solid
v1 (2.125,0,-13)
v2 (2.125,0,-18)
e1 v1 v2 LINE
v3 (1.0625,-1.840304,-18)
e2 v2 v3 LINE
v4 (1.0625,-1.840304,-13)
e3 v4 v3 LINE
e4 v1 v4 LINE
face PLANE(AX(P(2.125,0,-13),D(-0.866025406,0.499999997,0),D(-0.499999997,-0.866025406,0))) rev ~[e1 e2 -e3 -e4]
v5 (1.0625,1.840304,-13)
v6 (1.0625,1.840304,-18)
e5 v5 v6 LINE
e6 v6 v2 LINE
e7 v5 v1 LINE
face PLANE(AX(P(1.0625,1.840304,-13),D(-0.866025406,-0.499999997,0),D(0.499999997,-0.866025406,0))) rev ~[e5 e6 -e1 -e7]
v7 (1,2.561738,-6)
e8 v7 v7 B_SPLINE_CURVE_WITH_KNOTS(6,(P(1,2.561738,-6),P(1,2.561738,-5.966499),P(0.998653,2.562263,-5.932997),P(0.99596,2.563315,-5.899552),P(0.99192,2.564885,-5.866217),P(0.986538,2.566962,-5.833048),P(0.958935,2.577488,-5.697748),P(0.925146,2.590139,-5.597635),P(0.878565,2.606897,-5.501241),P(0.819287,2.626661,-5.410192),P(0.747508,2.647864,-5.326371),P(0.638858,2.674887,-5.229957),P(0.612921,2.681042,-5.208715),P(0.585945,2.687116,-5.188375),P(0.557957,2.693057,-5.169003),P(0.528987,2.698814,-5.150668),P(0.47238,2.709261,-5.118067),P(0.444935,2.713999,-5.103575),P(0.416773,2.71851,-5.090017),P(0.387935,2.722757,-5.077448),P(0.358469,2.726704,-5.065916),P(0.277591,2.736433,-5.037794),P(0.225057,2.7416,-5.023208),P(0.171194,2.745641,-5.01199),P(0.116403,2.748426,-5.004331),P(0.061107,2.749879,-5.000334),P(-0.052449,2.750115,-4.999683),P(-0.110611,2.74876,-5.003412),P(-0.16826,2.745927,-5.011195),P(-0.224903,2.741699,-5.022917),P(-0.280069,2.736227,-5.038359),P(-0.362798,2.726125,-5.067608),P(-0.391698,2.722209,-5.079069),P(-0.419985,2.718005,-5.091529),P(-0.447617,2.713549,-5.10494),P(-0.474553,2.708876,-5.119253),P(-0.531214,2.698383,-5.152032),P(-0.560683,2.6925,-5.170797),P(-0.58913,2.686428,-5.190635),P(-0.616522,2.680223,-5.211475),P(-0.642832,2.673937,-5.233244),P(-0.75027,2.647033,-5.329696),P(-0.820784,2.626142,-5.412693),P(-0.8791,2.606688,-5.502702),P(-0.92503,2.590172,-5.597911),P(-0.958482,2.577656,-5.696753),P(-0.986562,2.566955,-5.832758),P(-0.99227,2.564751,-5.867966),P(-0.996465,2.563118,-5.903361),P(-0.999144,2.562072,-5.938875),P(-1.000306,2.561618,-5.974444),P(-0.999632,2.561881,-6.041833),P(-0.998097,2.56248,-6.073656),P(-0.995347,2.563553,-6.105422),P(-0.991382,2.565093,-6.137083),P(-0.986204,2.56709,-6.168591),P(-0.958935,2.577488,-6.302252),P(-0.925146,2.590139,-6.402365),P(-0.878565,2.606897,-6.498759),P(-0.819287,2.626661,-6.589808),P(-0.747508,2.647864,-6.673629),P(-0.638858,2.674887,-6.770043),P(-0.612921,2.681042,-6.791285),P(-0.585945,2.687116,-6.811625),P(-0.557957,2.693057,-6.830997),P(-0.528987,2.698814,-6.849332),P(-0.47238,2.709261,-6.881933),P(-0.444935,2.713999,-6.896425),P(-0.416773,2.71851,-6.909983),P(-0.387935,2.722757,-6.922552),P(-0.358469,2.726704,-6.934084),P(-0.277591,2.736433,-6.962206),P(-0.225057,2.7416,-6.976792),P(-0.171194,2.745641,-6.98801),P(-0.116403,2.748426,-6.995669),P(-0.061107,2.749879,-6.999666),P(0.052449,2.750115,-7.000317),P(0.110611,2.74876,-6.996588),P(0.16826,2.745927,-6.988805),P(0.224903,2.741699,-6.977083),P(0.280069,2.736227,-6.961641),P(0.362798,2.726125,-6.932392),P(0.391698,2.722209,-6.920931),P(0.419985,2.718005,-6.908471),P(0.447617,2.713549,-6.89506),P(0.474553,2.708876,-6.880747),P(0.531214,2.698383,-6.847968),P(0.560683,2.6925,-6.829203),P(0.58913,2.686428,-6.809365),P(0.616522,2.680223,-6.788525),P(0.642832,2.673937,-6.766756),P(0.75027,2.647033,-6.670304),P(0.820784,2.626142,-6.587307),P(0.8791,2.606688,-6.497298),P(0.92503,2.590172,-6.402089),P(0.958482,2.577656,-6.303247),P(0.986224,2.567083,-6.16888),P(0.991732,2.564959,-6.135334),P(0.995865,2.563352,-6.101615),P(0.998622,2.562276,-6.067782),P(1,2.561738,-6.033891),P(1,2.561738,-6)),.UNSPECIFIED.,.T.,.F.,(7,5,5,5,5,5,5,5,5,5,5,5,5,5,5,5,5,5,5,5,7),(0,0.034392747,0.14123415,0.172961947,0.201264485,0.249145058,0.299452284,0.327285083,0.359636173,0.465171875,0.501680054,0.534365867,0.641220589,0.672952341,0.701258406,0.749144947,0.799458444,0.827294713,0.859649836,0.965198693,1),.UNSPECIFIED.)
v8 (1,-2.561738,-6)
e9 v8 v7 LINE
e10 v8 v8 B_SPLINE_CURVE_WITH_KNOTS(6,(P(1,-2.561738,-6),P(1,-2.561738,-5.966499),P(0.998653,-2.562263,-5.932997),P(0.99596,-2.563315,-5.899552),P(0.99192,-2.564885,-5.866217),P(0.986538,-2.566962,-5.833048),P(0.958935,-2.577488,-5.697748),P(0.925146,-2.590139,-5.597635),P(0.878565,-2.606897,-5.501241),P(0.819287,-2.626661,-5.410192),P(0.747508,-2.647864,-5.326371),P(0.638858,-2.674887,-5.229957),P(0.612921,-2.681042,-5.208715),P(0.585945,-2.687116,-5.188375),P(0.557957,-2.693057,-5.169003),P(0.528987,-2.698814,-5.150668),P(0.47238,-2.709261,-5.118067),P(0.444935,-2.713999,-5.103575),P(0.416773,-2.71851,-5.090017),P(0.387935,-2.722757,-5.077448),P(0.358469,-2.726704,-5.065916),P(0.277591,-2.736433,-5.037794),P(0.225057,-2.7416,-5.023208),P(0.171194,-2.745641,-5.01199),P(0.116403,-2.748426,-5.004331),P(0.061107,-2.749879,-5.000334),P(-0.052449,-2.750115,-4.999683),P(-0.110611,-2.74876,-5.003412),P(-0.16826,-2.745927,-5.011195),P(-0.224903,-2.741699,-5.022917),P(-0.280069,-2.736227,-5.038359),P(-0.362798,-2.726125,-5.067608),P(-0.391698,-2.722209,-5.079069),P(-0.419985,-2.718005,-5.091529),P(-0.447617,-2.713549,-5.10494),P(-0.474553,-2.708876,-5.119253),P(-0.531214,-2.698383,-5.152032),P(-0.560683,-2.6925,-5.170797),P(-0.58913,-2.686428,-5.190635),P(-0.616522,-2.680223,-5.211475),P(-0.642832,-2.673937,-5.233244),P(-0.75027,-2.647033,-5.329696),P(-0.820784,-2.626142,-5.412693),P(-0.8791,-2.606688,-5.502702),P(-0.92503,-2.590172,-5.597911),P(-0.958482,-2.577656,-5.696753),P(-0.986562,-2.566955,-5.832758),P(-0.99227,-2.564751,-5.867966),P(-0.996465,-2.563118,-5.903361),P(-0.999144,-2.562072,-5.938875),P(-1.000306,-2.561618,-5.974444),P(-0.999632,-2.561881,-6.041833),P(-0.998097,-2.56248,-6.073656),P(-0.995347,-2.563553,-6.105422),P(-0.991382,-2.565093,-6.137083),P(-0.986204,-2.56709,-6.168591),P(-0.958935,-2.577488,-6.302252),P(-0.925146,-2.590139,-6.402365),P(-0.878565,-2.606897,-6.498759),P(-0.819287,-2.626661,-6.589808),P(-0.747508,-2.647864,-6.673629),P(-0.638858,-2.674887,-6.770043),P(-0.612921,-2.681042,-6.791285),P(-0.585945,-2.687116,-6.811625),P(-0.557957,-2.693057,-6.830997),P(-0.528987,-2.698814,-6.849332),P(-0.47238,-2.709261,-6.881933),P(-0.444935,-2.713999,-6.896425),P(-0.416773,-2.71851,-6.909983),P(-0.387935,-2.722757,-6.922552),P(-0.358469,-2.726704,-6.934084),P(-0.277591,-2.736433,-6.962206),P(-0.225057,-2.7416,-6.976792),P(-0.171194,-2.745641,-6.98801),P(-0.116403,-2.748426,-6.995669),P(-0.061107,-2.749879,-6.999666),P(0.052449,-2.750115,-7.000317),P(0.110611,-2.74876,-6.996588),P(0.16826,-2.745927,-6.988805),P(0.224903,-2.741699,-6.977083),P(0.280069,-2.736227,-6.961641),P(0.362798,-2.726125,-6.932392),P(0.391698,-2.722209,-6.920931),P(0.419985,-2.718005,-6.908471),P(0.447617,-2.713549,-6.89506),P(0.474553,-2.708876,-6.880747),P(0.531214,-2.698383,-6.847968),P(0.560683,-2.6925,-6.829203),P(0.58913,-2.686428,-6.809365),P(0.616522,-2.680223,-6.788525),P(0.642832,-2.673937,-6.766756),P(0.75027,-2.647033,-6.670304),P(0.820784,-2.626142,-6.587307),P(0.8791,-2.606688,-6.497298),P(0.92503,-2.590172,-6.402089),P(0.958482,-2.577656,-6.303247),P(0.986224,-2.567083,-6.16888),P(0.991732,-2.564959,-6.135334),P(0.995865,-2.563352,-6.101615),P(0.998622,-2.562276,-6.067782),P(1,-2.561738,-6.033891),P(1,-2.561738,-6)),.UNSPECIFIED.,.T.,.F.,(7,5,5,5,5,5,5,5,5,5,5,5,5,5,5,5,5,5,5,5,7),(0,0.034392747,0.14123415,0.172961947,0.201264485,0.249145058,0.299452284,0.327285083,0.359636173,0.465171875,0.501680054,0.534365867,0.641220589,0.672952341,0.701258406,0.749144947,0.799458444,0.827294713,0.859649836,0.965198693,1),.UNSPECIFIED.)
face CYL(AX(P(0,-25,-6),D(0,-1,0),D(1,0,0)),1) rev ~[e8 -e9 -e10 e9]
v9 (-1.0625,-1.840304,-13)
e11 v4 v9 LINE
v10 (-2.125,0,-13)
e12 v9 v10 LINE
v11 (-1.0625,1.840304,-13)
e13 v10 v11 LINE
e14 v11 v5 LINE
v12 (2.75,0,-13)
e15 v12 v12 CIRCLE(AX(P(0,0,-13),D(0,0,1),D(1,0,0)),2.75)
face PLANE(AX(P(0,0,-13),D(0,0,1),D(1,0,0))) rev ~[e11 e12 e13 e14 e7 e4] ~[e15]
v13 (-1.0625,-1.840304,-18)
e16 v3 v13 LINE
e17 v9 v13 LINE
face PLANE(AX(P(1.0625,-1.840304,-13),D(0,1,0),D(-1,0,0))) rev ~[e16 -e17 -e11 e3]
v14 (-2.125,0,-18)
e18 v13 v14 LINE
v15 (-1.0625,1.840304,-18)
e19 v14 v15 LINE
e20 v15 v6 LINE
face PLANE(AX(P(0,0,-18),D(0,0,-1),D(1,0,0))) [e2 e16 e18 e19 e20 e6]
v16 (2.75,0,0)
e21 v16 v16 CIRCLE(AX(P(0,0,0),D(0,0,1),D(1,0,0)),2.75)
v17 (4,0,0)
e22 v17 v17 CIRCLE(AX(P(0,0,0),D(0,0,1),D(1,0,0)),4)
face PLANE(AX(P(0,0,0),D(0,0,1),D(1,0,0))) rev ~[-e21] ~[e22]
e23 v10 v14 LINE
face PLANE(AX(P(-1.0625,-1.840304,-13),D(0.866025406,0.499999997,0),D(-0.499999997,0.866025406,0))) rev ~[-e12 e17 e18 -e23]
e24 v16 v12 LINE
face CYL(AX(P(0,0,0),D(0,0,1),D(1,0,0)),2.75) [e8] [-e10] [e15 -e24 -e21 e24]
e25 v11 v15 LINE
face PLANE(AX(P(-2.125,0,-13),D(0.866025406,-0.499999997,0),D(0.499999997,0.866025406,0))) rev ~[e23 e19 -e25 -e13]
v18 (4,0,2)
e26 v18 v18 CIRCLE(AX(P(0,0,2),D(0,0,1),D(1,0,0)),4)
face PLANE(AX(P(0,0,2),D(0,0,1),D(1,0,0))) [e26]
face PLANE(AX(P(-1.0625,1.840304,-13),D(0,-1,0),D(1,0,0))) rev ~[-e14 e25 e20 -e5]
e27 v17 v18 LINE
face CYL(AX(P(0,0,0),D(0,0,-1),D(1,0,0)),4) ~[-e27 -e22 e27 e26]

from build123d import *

# Parameters (mm, degrees)
F0_R     = 4
F0_R_2   = 2.75
F1_DEPTH = 2
F2_DEPTH = 13
F4_DEPTH = 5
F8_R     = 1
F9_DEPTH = 45


with BuildPart() as f1:
    # F0 (on Top) → F1 (new body)
    with BuildSketch(Plane.XY):
        Circle(F0_R)
        Circle(F0_R_2, mode=Mode.SUBTRACT)
        Circle(F0_R_2)
    extrude(amount=F1_DEPTH)

    # F0 (on Top) → F2 (join)
    with BuildSketch(Plane.XY):
        Circle(F0_R_2)
    extrude(amount=-F2_DEPTH)

    # F3 (on face) → F4 (join)
    with BuildSketch(Plane(origin=(0, 0, -13), x_dir=(1, 0, 0), z_dir=(0, 0, -1))):
        Polygon((1.0625, -1.840304), (2.125, 0), (1.0625, 1.840304), (-1.0625, 1.840304), (-2.125, 0), (-1.0625, -1.840304), align=None)
    extrude(amount=F4_DEPTH)

    # F8 (on offset) → F9 (cut)
    with BuildSketch(Plane.XZ.offset(25)):
        with Locations((0, -6)):
            Circle(F8_R)
    extrude(amount=-F9_DEPTH, mode=Mode.SUBTRACT)


solid = f1.part
